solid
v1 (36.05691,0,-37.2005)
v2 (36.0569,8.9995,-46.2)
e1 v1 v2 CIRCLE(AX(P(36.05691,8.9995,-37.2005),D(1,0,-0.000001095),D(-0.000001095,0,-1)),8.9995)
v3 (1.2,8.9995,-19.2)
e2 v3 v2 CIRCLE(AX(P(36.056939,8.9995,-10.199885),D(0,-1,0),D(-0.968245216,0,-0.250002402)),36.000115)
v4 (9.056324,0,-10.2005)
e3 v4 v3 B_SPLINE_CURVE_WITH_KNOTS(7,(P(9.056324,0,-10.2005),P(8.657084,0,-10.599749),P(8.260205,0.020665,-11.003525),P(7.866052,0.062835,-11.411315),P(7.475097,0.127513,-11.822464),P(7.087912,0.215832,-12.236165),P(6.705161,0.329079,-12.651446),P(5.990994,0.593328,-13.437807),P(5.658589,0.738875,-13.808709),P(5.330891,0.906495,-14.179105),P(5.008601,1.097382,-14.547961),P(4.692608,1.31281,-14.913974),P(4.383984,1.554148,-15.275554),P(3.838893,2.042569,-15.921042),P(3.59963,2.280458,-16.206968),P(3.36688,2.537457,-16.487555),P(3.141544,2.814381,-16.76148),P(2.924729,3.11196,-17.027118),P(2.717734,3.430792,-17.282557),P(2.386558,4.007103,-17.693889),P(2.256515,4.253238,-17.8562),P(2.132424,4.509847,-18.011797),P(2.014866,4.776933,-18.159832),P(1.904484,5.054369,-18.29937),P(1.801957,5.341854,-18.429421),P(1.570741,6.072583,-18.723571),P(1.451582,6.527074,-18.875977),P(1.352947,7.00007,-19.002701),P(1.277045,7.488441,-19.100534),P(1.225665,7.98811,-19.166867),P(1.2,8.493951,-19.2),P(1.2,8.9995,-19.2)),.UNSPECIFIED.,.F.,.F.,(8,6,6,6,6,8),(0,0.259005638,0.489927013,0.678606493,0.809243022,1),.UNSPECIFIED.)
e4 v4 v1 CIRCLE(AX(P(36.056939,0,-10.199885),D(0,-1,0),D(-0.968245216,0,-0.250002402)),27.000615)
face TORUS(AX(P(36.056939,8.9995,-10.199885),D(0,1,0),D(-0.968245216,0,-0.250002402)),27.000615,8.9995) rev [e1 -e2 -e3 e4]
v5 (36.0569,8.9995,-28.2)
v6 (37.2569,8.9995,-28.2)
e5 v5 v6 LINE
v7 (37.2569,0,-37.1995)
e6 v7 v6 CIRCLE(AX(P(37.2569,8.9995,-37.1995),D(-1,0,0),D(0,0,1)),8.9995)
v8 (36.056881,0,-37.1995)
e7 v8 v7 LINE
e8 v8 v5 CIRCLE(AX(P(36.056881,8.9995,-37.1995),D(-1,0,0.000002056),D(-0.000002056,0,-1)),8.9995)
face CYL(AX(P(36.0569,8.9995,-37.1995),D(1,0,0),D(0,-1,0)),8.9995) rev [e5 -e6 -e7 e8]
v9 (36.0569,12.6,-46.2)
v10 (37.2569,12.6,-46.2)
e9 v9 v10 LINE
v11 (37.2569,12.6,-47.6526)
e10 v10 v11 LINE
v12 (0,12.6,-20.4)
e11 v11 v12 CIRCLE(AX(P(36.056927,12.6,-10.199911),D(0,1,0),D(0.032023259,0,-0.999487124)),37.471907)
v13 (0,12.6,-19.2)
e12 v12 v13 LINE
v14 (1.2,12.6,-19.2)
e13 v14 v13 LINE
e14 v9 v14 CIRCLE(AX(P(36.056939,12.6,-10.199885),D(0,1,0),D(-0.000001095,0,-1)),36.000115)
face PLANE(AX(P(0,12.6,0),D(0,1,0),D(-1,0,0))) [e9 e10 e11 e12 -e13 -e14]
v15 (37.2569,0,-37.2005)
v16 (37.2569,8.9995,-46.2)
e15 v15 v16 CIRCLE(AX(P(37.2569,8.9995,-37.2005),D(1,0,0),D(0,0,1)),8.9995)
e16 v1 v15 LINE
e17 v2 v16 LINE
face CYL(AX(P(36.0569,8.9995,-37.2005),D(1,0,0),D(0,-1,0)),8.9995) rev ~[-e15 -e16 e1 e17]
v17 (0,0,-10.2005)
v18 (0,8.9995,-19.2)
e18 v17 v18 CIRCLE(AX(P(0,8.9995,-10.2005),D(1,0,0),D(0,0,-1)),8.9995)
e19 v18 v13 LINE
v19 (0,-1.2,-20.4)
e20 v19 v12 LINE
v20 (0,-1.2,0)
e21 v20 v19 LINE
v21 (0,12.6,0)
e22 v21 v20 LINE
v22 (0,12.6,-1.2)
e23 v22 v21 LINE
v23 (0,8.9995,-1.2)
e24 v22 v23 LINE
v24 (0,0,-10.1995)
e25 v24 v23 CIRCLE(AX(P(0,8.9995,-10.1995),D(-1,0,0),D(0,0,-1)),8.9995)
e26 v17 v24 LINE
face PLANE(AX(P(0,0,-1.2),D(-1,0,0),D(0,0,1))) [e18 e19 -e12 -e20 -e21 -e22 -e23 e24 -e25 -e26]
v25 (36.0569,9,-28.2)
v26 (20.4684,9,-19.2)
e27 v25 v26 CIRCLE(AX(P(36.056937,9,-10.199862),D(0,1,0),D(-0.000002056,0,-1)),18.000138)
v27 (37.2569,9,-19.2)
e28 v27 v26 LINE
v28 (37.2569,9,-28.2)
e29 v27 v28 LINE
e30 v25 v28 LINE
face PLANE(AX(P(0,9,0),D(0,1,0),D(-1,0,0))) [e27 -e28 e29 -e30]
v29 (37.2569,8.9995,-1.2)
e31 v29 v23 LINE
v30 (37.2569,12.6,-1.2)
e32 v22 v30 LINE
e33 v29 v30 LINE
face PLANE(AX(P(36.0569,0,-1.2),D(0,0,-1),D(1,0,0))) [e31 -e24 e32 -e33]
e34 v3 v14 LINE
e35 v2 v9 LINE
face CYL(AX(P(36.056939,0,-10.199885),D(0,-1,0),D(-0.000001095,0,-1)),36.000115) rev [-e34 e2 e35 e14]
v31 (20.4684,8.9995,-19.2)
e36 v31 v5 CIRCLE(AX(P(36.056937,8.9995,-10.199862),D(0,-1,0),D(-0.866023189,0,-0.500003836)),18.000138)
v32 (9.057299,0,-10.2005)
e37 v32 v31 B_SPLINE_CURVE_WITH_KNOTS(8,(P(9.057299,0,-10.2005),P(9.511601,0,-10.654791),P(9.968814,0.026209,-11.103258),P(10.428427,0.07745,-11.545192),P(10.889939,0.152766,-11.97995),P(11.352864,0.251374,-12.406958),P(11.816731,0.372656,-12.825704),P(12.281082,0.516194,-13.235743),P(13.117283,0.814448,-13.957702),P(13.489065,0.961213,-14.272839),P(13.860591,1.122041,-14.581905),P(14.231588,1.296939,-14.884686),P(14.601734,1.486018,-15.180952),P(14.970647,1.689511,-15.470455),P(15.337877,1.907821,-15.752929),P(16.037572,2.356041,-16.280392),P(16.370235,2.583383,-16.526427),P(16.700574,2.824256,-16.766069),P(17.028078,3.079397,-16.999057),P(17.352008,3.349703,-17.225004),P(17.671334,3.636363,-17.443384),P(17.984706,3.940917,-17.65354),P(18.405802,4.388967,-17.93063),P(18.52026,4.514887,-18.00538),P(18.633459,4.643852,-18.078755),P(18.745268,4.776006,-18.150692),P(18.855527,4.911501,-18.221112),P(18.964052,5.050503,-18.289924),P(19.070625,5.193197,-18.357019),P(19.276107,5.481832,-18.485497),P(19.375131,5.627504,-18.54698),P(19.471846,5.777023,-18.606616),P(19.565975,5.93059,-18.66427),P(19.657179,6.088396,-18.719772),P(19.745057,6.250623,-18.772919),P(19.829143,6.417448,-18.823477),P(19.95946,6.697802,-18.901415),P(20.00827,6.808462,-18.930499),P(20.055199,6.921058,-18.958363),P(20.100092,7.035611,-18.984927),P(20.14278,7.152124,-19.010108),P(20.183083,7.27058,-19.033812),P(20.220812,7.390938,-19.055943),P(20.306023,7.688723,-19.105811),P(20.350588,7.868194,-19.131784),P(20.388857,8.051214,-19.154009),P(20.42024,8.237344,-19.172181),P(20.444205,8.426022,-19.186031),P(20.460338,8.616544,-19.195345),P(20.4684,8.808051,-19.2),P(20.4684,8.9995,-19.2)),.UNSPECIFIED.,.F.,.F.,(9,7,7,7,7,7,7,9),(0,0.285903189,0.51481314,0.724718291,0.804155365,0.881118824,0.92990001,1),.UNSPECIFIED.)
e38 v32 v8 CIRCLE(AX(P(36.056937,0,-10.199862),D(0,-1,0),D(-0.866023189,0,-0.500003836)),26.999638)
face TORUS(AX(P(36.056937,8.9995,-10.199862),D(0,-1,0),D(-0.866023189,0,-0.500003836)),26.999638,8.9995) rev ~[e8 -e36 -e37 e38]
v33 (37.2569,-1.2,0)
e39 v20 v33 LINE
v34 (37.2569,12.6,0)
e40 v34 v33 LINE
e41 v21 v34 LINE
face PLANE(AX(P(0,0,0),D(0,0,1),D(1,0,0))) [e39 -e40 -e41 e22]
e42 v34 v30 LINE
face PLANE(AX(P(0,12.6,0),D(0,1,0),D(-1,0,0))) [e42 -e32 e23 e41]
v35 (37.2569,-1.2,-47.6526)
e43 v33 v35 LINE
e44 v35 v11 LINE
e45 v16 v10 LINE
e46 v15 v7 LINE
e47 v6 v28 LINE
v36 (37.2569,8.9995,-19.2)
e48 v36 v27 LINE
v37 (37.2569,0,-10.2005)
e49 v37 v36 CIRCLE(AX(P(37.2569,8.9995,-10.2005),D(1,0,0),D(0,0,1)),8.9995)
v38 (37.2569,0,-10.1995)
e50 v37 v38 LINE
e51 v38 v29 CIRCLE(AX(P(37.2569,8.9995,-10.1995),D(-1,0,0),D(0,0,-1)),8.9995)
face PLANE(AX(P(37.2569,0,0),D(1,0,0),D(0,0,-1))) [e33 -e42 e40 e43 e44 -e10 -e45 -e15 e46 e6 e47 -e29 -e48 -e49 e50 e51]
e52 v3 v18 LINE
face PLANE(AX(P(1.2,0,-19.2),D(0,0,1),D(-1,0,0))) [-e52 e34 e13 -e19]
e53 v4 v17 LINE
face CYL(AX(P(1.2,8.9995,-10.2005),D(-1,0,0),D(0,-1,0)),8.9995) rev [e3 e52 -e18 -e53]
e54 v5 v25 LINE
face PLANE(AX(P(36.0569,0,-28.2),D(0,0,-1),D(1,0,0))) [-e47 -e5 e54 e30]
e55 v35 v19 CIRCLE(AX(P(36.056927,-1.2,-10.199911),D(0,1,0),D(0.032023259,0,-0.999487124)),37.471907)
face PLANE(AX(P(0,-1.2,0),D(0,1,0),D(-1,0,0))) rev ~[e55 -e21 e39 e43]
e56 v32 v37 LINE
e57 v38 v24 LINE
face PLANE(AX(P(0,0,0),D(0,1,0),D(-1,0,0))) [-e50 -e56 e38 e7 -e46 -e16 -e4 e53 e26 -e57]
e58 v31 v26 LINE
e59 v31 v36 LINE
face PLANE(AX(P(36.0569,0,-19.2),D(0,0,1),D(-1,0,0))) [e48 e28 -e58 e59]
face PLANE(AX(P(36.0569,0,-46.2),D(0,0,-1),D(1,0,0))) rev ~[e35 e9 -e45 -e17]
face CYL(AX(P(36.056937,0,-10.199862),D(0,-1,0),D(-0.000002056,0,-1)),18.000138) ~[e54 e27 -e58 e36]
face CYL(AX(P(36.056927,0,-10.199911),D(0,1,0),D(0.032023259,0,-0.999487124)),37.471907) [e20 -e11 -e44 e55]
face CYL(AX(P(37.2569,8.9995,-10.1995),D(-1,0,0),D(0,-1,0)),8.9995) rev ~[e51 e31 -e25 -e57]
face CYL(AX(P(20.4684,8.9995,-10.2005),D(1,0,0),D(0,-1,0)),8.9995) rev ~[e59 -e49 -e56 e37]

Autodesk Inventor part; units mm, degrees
ref_plane "YZ Plane" through (0, 0, 0) normal (1, 0, 0) x (0, 1, 0)
ref_plane "XZ Plane" through (0, 0, 0) normal (0, 1, 0) x (-1, 0, 0)
ref_plane "XY Plane" through (0, 0, 0) normal (0, 0, 1) x (1, 0, 0)
sketch "Esboço1" plane through (0, 0, 0) normal (0, 1, 0) x (-1, 0, 0)
  line L0 (-36.0569, -1.2) -> (-1.2, -1.2)
  line L1 (-36.0569, -1.2) -> (-36.0569, -19.2)
  line L2 (-36.0569, -19.2) -> (-20.4684, -19.2)
  arc A0 (-36.0569, -28.2) -> (-20.4684, -19.2) centre (-36.0569, -10.2) ccw
  line L3 (-36.0569, -28.2) -> (-36.0569, -10.2) construction
  line L4 (-20.4684, -19.2) -> (-36.0569, -10.2) construction
  arc A1 (-36.0569, -46.2) -> (-1.2, -19.2) centre (-36.0569, -10.2) ccw
  line L5 (-36.0569, -28.2) -> (-36.0569, -46.2)
  line L6 (-1.2, -1.2) -> (-1.2, -19.2)
  line L7 (0, 0) -> (-37.2569, 0)
  line L8 (-37.2569, 0) -> (-37.2569, -20.4)
  line L9 (-37.2569, -20.4) -> (-22.7077, -20.4)
  arc A2 (-37.2569, -26.9571) -> (-22.7077, -20.4) centre (-36.0569, -10.2) ccw
  line L10 (-37.2569, -26.9571) -> (-37.2569, -47.6526)
  line L11 (0, -19.2) -> (0, 0)
  line L12 (-36.0569, -28.2) -> (-37.2569, -28.2)
  line L13 (-36.0569, -46.2) -> (-37.2569, -46.2)
  line L14 (-36.0569, -1.2) -> (-37.2569, -1.2)
  line L15 (-36.0569, -19.2) -> (-37.2569, -19.2)
  line L16 (-1.2, -19.2) -> (0, -19.2)
  line L17 (-1.2, -1.2) -> (0, -1.2)
  line L18 (-37.2569, -26.9571) -> (-37.2569, -20.4)
  line L19 (0, -20.4) -> (0, -19.2)
  arc A3 (-37.2569, -47.6526) -> (0, -20.4) centre (-36.0569, -10.2) ccw
  point P0 (-28.2626, -19.2)
  point P1 (-18.6284, 0)
  point P2 (8.0774, -19.7542)
  dimension "d19" = 60
  dimension "d21" = 18
  dimension "d22" = 1.2
  dimension "d32" = 1.2
  dimension "d33" = 1.2
extrude "Extrusão2" add sketch "Esboço1" against normal blind 1.2
extrude "Extrusão3" add sketch "Esboço1" along normal blind 9 contours L14 L8 L7 L11 L17 L0 | L2 A0 L12 L10 A2 L9 L8 L15 | L9 A2 L18
extrude "Extrusão4" add sketch "Esboço1" along normal blind 12.6 contours L14 L8 L7 L11 L17 L0 | L16 L19 A3 L10 L13 A1
fillet "Arredondamento2" radius 9 7 edges at (36.6569, 0, -46.2) (14.0114, 0, -38.6605) (0.6, 0, -19.2) (18.6284, 0, -1.2) (36.6569, 0, -28.2) (27.0569, 0, -25.7885) (28.8626, 0, -19.2)
equation "\"Diâmetro_esfera\" = 18"
equation "\"Filamento\" = 0.4"
equation "\"Margem\" = 3 * Filamento"
properties part number "Receptor" material "Plástico PET"
